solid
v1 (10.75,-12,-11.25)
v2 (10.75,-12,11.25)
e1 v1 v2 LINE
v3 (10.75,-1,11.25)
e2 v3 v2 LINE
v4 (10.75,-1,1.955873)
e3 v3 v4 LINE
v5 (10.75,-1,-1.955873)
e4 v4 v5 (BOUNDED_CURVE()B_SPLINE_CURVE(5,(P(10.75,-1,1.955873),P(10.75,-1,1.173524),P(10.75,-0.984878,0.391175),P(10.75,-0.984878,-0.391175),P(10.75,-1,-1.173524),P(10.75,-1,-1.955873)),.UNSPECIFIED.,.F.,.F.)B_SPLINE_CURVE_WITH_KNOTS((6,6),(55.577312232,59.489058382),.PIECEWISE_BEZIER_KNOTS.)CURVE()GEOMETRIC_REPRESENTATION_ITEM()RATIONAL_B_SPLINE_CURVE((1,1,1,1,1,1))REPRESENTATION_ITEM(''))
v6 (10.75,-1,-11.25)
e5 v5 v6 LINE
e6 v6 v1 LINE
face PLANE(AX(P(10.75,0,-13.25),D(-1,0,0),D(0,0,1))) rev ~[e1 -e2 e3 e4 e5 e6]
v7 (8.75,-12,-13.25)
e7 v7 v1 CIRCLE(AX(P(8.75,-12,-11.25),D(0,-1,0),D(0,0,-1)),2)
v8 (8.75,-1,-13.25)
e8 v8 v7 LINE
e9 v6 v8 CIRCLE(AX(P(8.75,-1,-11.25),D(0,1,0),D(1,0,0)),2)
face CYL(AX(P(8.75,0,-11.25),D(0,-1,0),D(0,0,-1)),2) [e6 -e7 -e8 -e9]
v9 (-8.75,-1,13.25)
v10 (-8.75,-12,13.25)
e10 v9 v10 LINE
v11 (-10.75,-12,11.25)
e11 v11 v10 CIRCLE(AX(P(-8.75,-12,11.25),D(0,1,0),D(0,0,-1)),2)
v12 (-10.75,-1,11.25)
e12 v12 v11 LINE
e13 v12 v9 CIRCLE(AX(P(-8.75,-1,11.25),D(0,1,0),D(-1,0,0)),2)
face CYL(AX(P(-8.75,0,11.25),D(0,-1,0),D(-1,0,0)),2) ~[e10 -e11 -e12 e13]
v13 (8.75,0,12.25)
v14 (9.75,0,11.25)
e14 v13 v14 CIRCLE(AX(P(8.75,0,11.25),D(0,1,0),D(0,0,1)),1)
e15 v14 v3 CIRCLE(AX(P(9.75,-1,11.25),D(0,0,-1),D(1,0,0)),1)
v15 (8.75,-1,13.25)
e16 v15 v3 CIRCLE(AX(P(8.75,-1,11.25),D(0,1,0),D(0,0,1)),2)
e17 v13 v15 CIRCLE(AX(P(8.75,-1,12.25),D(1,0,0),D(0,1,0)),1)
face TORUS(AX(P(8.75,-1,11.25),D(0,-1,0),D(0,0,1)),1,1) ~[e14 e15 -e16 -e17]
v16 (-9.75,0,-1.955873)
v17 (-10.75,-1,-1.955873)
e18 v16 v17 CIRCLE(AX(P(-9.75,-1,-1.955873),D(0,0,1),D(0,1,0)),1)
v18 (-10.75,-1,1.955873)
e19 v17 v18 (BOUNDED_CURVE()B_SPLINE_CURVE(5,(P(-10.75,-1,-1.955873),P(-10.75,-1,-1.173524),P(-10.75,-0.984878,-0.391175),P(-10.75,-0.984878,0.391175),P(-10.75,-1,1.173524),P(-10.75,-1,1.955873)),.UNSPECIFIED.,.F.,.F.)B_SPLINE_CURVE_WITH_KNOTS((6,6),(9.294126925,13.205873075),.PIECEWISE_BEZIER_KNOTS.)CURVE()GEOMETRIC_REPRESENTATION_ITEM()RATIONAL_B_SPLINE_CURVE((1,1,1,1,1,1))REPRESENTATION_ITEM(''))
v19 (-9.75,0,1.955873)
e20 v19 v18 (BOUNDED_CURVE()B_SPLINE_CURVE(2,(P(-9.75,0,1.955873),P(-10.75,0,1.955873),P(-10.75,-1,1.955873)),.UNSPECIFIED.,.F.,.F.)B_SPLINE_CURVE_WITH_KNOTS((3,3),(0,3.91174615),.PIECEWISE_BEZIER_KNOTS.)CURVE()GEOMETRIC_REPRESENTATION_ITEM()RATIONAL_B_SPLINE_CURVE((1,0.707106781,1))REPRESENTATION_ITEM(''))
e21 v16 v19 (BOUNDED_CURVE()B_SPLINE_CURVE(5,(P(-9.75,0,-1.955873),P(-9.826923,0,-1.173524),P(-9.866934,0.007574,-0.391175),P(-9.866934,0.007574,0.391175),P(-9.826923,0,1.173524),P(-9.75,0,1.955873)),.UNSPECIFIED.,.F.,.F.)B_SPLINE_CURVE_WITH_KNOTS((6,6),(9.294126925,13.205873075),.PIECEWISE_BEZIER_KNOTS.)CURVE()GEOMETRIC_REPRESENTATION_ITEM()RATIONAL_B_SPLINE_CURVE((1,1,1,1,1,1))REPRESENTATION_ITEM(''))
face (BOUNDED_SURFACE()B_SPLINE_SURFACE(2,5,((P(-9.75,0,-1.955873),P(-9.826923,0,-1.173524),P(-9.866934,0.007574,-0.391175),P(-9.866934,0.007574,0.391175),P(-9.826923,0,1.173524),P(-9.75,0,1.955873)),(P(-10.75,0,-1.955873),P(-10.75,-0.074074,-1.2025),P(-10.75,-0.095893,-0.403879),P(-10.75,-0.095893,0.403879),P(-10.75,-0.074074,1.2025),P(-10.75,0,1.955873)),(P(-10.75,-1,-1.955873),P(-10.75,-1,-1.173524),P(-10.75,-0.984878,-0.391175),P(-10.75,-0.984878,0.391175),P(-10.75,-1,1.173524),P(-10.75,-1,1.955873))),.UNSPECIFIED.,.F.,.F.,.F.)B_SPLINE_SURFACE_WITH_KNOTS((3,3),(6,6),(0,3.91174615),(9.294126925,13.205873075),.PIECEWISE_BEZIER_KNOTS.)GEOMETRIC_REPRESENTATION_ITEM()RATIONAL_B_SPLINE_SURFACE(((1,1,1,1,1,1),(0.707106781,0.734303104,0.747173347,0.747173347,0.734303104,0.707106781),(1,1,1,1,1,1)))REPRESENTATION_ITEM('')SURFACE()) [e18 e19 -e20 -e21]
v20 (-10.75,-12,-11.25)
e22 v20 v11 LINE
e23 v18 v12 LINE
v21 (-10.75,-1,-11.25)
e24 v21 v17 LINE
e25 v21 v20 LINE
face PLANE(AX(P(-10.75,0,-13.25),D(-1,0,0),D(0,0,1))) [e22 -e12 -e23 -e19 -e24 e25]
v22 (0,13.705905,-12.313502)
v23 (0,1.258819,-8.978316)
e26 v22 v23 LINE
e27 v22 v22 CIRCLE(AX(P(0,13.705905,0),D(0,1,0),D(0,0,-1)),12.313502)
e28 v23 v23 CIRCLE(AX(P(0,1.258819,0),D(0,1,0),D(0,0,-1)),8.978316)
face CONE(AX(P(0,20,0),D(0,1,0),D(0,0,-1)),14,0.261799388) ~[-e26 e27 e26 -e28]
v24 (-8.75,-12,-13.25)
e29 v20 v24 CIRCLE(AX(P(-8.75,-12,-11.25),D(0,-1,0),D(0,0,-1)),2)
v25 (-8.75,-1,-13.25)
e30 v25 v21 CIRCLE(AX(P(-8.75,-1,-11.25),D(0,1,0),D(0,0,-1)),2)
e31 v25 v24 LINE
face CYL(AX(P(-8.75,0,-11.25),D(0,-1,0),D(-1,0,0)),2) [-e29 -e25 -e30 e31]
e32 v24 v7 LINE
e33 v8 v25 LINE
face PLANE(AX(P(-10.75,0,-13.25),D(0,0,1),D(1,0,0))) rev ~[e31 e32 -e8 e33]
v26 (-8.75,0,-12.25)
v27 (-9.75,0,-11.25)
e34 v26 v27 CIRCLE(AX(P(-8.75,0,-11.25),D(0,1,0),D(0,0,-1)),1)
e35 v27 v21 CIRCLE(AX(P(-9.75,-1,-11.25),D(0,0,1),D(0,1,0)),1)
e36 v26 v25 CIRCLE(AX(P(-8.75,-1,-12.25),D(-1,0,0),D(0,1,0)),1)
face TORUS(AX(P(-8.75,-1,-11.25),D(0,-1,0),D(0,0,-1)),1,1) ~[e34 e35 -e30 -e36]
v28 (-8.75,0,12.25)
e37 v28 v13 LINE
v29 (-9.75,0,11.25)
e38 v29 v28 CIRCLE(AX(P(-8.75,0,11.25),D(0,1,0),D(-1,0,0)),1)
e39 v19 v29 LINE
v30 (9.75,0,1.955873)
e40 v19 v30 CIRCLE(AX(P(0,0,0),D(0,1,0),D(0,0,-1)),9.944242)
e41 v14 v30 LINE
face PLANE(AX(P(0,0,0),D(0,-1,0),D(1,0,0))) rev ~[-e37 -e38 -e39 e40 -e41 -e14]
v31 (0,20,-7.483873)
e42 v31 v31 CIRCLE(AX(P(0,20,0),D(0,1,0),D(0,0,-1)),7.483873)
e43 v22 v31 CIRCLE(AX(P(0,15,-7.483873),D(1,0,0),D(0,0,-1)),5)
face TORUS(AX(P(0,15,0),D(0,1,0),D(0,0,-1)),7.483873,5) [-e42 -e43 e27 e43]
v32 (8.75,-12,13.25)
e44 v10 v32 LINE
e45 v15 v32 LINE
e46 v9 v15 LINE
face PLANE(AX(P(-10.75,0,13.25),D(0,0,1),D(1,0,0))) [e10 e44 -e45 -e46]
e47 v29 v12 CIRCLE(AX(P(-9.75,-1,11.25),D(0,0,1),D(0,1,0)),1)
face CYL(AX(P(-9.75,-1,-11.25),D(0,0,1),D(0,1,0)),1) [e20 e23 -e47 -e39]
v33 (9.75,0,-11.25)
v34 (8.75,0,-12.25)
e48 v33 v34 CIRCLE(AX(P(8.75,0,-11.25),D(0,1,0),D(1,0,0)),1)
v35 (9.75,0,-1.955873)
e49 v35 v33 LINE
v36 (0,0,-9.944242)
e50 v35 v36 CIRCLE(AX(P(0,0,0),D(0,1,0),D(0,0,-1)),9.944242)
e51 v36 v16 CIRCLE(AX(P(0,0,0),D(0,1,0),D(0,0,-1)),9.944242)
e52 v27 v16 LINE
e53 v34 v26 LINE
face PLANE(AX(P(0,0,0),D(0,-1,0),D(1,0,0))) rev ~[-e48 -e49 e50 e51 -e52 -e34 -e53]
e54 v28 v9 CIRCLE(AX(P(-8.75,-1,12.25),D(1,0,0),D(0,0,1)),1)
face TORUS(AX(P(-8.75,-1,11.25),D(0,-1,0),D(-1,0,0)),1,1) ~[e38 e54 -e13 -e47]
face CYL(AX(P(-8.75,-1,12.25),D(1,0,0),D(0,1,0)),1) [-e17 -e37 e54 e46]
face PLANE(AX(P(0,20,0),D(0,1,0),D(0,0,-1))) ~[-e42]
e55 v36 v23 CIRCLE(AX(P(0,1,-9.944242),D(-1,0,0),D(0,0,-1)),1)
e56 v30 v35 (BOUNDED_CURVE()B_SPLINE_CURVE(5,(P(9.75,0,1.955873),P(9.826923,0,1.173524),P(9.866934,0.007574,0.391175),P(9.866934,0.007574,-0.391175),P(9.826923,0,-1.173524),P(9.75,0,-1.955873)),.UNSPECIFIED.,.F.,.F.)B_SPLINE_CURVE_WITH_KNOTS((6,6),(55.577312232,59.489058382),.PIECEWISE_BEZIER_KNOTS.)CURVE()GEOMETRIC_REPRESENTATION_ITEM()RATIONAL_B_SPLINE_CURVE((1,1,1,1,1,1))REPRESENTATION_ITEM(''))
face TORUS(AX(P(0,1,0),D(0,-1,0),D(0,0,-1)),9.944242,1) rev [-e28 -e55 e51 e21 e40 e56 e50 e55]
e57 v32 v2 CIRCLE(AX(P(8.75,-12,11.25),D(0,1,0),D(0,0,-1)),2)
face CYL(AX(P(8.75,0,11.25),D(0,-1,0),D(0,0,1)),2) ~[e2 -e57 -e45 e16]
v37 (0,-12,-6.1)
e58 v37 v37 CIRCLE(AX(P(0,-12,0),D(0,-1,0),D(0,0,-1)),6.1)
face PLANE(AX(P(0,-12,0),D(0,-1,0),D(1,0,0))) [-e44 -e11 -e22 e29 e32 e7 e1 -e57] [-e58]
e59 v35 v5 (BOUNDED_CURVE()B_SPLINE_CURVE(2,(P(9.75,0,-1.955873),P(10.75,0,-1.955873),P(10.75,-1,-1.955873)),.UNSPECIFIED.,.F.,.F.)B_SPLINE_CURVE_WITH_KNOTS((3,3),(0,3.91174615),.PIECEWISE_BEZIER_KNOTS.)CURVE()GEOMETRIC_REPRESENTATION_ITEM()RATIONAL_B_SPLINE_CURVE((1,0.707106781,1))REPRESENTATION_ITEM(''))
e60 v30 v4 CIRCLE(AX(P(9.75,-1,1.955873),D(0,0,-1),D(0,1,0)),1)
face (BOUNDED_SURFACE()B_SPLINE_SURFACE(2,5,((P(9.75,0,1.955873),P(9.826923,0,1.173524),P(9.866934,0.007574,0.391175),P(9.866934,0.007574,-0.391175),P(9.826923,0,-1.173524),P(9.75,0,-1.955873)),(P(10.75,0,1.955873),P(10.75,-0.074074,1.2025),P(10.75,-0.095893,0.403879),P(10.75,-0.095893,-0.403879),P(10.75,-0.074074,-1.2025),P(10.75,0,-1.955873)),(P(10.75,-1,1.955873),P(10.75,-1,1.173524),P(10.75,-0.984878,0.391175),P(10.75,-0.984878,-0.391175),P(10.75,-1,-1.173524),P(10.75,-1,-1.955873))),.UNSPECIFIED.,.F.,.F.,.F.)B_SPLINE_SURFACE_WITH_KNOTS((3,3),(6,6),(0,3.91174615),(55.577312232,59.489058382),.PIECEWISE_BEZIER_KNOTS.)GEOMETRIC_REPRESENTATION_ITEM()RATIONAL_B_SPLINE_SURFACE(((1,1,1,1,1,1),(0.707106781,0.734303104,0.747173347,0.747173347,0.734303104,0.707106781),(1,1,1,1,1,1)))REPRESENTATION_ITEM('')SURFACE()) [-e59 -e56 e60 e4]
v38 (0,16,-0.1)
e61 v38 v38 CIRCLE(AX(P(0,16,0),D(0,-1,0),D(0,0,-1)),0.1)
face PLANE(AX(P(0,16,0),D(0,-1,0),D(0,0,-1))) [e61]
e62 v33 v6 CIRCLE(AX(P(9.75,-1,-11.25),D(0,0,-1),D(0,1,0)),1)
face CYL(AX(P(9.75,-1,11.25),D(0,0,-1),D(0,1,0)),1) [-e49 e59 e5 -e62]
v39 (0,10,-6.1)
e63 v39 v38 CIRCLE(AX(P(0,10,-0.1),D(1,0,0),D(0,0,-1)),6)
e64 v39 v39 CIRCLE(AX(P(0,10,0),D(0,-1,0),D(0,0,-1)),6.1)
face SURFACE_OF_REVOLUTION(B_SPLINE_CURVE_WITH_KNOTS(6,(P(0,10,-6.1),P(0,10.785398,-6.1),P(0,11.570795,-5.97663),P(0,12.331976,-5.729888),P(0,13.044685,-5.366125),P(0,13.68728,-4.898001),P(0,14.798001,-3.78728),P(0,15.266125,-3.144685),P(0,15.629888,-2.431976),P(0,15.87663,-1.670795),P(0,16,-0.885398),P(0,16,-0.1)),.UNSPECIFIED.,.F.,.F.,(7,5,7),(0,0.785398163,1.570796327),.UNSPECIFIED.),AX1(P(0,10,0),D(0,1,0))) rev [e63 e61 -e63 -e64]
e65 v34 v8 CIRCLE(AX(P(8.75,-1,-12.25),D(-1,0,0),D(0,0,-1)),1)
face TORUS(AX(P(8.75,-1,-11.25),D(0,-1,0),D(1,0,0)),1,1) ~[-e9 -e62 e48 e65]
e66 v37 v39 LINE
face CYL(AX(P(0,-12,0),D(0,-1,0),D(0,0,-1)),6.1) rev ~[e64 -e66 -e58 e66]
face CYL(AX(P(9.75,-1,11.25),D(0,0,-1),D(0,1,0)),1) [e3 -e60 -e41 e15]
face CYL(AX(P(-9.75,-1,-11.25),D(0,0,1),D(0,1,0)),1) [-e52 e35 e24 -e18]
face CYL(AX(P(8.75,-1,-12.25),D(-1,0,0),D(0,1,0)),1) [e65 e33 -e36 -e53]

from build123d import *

# Parameters (mm, degrees)
ESQUISSE3_W             = 21.5
ESQUISSE3_H             = 26.5
BOSS_EXTRU_2_DEPTH      = 12
CONG_1_R                = 5
CONG_2_R                = 2
CONG_3_R                = 1
CONG_4_R                = 1
ESQUISSE4_R             = 6.1
ENL_V_MAT_EXTRU_1_DEPTH = 28
CONG_5_R                = 6


with BuildPart() as part:
    # Esquisse2 → Révolution1 (revolve)
    with BuildSketch(Plane.XY, mode=Mode.PRIVATE) as r_volution1_sk:
        Polygon((0, 20), (14, 20), (8.641016151, 0), (0, 0), align=None)
    revolve(r_volution1_sk.sketch.rotate(Axis((0, 0, 0), (0, 1, 0)), 90), axis=Axis((0, 0, 0), (0, 1, 0)))

    # Esquisse3 → Boss.-Extru.2 (add)
    with BuildSketch(Plane.XZ):
        Rectangle(ESQUISSE3_W, ESQUISSE3_H)
    extrude(amount=BOSS_EXTRU_2_DEPTH)

    # Congé1
    cong_1_edges = [part.edges().sort_by_distance(p)[0] for p in [
        (0, 20, 14),
    ]]
    fillet(cong_1_edges, radius=CONG_1_R)

    # Congé2
    cong_2_edges = [part.edges().sort_by_distance(p)[0] for p in [
        (10.75, -6, 13.25),
        (-10.75, -6, 13.25),
        (-10.75, -6, -13.25),
        (10.75, -6, -13.25),
    ]]
    fillet(cong_2_edges, radius=CONG_2_R)

    # Congé3
    cong_3_edges = [part.edges().sort_by_distance(p)[0] for p in [
        (0, 0, 8.641016151),
    ]]
    fillet(cong_3_edges, radius=CONG_3_R)

    # Congé4
    cong_4_edges = [part.edges().sort_by_distance(p)[0] for p in [
        (-10.75, 0, 0),
        (10.75, 0, 0),
        (0, 0, -13.25),
        (0, 0, 13.25),
        (10.164213562, 0, -12.664213562),
        (-10.164213562, 0, -12.664213562),
        (10.164213562, 0, 12.664213562),
        (-10.164213562, 0, 12.664213562),
    ]]
    fillet(cong_4_edges, radius=CONG_4_R)

    # Esquisse4 → Enlèv. mat.-Extru.1 (cut)
    with BuildSketch(Plane.XZ.offset(12)):
        with Locations(Location((0, 0, 0), (0, 0, 270))):
            Circle(ESQUISSE4_R)
    extrude(amount=-ENL_V_MAT_EXTRU_1_DEPTH, mode=Mode.SUBTRACT)

    # Congé5
    cong_5_edges = [part.edges().sort_by_distance(p)[0] for p in [
        (0, 16, 6.1),
    ]]
    fillet(cong_5_edges, radius=CONG_5_R)


solid = part.part
